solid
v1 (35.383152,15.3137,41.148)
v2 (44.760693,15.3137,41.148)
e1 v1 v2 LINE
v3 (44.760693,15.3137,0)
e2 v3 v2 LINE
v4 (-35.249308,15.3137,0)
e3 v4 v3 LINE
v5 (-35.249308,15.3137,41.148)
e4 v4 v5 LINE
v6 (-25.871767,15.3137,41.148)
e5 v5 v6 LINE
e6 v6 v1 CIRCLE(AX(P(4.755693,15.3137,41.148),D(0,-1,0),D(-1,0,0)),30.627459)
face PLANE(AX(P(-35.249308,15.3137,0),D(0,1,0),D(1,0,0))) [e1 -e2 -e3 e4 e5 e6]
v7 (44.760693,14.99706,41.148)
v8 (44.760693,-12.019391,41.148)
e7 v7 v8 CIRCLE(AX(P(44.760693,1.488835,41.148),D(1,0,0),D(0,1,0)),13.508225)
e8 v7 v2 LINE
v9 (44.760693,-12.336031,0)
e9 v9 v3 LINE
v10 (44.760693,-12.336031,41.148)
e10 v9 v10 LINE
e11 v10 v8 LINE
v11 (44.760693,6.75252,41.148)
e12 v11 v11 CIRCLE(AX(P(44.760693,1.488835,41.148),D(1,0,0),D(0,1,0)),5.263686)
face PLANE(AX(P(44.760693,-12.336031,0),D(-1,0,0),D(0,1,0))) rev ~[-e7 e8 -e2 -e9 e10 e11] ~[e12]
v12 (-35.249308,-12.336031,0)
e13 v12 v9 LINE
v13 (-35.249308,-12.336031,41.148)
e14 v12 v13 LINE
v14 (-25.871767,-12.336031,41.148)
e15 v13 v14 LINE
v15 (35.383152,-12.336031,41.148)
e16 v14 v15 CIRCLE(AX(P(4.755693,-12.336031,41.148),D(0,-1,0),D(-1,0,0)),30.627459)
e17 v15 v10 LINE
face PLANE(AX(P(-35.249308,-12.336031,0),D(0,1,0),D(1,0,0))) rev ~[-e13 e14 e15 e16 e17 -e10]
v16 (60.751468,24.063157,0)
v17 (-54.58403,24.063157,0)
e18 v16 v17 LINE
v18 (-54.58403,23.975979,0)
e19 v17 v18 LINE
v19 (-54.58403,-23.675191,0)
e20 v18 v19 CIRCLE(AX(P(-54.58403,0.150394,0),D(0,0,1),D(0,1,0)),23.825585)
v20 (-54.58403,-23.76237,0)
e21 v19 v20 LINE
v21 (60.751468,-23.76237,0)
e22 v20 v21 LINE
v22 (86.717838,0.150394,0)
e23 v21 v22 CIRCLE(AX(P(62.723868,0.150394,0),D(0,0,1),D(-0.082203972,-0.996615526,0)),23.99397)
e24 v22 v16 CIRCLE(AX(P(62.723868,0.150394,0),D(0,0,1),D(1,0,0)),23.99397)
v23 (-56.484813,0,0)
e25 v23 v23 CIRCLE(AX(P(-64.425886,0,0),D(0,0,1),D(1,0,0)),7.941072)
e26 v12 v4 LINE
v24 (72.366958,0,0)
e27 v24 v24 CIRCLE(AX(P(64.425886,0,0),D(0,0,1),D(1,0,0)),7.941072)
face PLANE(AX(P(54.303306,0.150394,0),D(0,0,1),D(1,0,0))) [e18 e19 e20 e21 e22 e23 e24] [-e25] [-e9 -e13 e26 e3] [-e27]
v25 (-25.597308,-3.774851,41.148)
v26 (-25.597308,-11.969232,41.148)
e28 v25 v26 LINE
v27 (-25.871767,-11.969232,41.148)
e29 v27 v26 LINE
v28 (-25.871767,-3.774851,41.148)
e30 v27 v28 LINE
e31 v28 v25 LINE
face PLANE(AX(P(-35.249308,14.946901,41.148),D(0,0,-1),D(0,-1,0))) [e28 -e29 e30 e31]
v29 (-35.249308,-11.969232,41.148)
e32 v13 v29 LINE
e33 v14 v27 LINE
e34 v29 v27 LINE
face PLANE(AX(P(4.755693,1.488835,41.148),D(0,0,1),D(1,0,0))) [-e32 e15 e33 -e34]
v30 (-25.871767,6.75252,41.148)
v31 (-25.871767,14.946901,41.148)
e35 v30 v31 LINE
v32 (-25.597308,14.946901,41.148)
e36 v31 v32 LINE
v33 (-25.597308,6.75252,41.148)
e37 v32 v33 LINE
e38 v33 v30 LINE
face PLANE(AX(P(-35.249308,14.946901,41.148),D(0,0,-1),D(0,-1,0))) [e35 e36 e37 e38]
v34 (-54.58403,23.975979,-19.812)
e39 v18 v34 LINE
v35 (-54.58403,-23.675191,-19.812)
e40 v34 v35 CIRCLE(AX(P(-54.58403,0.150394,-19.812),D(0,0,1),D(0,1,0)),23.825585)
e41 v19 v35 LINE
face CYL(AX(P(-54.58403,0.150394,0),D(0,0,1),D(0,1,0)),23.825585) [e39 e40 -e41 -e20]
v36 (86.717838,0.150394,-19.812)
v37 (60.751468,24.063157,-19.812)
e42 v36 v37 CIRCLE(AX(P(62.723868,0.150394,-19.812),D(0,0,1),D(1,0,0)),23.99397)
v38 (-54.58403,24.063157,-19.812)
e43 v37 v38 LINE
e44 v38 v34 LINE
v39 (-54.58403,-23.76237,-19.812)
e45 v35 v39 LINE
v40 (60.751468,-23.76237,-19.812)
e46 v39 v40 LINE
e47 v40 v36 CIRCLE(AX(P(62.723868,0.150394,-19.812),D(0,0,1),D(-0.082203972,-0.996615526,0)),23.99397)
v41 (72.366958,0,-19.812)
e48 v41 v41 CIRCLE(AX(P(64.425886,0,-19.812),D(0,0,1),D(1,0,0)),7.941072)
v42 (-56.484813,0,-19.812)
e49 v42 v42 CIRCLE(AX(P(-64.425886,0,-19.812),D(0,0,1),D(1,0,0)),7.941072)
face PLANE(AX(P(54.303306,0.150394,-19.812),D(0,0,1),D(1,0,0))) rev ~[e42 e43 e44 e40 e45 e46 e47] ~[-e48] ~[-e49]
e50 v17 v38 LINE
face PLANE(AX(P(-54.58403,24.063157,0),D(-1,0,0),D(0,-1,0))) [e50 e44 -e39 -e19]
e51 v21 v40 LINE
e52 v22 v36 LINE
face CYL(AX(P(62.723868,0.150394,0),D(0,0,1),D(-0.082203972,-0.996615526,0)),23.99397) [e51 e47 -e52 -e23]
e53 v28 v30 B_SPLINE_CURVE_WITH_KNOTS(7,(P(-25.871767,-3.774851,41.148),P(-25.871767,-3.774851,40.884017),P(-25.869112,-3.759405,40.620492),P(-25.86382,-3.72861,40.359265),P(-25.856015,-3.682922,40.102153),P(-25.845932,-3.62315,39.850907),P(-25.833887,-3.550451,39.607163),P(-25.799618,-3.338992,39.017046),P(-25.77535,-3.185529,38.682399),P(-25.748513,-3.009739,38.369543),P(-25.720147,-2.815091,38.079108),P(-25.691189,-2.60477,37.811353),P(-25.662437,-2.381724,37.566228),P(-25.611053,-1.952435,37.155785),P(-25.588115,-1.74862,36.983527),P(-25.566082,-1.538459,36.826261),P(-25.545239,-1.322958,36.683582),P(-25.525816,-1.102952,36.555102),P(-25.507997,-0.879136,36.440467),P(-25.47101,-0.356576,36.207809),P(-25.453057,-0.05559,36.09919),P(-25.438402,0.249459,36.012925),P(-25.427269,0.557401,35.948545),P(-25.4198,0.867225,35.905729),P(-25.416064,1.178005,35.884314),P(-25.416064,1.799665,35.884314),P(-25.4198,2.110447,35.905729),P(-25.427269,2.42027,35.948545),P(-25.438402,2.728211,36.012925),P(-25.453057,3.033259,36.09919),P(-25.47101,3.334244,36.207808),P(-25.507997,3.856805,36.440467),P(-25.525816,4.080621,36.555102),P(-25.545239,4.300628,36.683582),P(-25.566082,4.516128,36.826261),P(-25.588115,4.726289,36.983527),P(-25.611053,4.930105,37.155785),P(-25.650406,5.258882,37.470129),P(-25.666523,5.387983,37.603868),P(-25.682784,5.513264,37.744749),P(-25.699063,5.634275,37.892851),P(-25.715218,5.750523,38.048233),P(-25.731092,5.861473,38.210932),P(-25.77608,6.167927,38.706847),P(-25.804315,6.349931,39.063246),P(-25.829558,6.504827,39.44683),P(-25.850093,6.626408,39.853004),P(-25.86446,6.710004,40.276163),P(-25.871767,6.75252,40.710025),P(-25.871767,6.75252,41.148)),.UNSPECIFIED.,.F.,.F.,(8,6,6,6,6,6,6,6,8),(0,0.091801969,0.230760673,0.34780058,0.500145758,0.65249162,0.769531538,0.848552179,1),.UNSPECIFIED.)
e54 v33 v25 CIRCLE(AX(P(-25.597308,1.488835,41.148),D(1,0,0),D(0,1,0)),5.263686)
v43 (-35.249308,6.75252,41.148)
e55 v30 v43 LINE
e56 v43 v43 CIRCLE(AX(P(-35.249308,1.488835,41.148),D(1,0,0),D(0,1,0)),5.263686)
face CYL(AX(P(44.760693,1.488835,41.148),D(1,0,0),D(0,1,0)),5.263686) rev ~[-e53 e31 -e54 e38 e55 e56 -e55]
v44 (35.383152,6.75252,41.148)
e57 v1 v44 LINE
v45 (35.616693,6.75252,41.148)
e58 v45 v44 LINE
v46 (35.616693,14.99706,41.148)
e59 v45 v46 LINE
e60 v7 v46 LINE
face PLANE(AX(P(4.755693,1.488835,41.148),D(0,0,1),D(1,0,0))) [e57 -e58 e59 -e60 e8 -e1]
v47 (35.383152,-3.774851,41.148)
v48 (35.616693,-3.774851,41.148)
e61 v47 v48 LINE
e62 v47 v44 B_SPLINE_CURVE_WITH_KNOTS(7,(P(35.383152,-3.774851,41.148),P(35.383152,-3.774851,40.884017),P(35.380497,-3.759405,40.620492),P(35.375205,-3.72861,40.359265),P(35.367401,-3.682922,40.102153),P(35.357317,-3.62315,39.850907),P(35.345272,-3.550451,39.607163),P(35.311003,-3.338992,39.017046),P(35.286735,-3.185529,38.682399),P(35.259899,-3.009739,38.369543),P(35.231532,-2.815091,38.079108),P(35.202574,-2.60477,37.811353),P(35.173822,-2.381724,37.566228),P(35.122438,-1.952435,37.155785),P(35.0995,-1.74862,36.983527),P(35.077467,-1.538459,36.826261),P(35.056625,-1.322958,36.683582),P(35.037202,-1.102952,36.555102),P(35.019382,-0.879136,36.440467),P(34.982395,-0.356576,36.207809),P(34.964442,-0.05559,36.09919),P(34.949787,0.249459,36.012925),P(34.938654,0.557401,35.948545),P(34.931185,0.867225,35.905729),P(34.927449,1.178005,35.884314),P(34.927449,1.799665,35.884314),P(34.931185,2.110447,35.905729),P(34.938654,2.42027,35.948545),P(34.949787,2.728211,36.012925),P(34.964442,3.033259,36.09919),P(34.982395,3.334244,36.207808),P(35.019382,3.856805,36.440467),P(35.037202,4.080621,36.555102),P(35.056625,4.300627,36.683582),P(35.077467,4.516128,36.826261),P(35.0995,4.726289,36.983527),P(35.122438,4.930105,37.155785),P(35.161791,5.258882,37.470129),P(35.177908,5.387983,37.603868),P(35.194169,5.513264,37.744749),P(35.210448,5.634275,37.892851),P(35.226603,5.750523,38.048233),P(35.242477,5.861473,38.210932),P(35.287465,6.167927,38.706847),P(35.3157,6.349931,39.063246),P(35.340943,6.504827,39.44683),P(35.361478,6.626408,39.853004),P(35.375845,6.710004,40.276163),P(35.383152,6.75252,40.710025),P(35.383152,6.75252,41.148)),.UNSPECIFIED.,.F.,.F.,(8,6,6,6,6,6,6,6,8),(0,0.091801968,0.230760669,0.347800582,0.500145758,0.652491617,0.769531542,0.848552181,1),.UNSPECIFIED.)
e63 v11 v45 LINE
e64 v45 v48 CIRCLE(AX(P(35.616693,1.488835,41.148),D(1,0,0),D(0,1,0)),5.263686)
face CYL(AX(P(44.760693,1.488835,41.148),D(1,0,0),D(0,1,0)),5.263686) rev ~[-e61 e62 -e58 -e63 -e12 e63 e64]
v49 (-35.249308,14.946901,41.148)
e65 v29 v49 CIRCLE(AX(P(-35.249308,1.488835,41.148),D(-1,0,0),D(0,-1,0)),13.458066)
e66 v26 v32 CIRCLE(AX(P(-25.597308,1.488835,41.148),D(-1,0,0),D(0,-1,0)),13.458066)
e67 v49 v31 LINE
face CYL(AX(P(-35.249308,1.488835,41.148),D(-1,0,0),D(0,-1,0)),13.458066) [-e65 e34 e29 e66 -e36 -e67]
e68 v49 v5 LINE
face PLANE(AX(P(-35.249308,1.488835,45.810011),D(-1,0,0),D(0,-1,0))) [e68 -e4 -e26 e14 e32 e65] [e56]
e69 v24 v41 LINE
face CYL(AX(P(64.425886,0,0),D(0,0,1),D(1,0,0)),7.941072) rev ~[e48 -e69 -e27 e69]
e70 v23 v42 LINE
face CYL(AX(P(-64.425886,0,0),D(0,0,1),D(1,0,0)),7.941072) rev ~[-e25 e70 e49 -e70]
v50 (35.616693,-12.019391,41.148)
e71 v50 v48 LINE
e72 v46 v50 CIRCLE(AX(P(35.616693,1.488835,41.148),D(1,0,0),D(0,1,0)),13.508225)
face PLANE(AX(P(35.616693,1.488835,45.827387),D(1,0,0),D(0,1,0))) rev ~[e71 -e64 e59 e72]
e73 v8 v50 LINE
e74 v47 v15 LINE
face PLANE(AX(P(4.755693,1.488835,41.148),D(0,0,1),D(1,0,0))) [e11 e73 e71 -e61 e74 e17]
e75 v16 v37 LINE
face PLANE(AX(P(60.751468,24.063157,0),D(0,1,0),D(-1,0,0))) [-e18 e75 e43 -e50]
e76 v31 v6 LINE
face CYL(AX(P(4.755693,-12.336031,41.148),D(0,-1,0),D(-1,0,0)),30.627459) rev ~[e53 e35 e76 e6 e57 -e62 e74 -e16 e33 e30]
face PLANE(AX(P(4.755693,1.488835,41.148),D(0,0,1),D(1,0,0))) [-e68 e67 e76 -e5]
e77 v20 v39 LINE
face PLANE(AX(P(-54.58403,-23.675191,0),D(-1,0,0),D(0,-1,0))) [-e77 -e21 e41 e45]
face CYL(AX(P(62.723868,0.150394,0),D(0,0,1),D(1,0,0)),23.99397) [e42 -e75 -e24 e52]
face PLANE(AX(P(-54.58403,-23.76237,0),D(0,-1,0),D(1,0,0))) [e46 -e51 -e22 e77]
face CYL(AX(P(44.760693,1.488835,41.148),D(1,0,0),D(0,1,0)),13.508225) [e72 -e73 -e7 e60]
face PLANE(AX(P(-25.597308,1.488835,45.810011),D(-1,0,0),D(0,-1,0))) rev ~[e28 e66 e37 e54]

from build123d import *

# Parameters (mm, degrees)
F1_DEPTH  = 19.812
F2_R      = 7.9410723376
F3_DEPTH  = 53.594
F4_DEPTH  = 72.136
F5_W      = 80.0100006163
F5_H      = 27.649730444
F6_DEPTH  = 41.148
F8_DEPTH  = 64.516
F10_DEPTH = 9.652
F12_DEPTH = 9.144
F13_R     = 5.2636855274
F14_DEPTH = 114.046


with BuildPart() as f1:
    # F0 (on Top) → F1 (new body)
    with BuildSketch(Plane.XY):
        with BuildLine():
            Line((62.7238675952, 24.0631569177), (60.7514679523, 24.0631569177))
            ThreePointArc((60.7514679523, 24.0631569177), (38.7298974086, 0.1503936946), (60.7514679523, -23.7623695284))
            Line((60.7514679523, -23.7623695284), (62.7238675952, -23.7623695284))
            Line((62.7238675952, -23.7623695284), (62.7238675952, 24.0631569177))
        make_face()
        with BuildLine():
            Line((60.7514679523, 24.0631569177), (-54.584030062, 24.0631569177))
            Line((-54.584030062, 24.0631569177), (-54.584030062, 23.9759786156))
            ThreePointArc((-54.584030062, 23.9759786156), (-37.7367973986, 16.997626358), (-30.758445141, 0.1503936946))
            ThreePointArc((-30.758445141, 0.1503936946), (-37.7367973986, -16.6968389687), (-54.584030062, -23.6751912263))
            Line((-54.584030062, -23.6751912263), (-54.584030062, -23.7623695284))
            Line((-54.584030062, -23.7623695284), (60.7514679523, -23.7623695284))
            ThreePointArc((60.7514679523, -23.7623695284), (38.7298974086, 0.1503936946), (60.7514679523, 24.0631569177))
        make_face()
        with BuildLine():
            Line((-54.584030062, -23.6751912263), (-54.584030062, 23.9759786156))
            ThreePointArc((-54.584030062, 23.9759786156), (-78.4096149829, 0.1503936946), (-54.584030062, -23.6751912263))
        make_face()
        with BuildLine():
            ThreePointArc((86.7178377817, 0.1503936946), (78.9778656739, 17.8002705149), (60.7514679523, 24.0631569177))
            Line((60.7514679523, 24.0631569177), (62.7238675952, 24.0631569177))
            Line((62.7238675952, 24.0631569177), (62.7238675952, -23.7623695284))
            Line((62.7238675952, -23.7623695284), (60.7514679523, -23.7623695284))
            ThreePointArc((60.7514679523, -23.7623695284), (78.9778656739, -17.4994831256), (86.7178377817, 0.1503936946))
        make_face()
        with BuildLine():
            ThreePointArc((-30.758445141, 0.1503936946), (-37.7367973986, 16.997626358), (-54.584030062, 23.9759786156))
            Line((-54.584030062, 23.9759786156), (-54.584030062, -23.6751912263))
            ThreePointArc((-54.584030062, -23.6751912263), (-37.7367973986, -16.6968389687), (-30.758445141, 0.1503936946))
        make_face()
    extrude(amount=-F1_DEPTH)

    # F2 (on face) → F3 (cut)
    with BuildSketch(Plane.XY):
        with Locations((-64.4258856773, 0)):
            Circle(F2_R)
    extrude(amount=-F3_DEPTH, mode=Mode.SUBTRACT)

    # F2 (on face) → F4 (cut)
    with BuildSketch(Plane.XY):
        with Locations((-64.4258856773, 0)):
            Circle(F2_R)
        with Locations((64.4258856773, 0)):
            Circle(F2_R)
    extrude(amount=-F4_DEPTH, mode=Mode.SUBTRACT)

    # F5 (on face) → F6 (join)
    with BuildSketch(Plane.XY):
        with Locations((4.7556925565, 1.4888346195)):
            Rectangle(F5_W, F5_H)
    extrude(amount=F6_DEPTH)

    # F7 (on face) → F8 (cut)
    with BuildSketch(Plane.XZ.offset(12.3360306025)):
        with BuildLine():
            Line((-25.8717667552, 41.148), (35.3831518682, 41.148))
            ThreePointArc((35.3831518682, 41.148), (4.7556925565, 71.7754593117), (-25.8717667552, 41.148))
        make_face()
        with BuildLine():
            ThreePointArc((-25.8717667552, 41.148), (4.7556925565, 10.5205406883), (35.3831518682, 41.148))
            Line((35.3831518682, 41.148), (-25.8717667552, 41.148))
        make_face()
    extrude(amount=-F8_DEPTH, mode=Mode.SUBTRACT)

    # F9 (on face) → F10 (join)
    with BuildSketch(Plane(origin=(-35.2493077517, 0, 0), x_dir=(0, -1, 0), z_dir=(-1, 0, 0))):
        with BuildLine():
            Line((-14.9469008146, 41.148), (11.9692315755, 41.148))
            ThreePointArc((11.9692315755, 41.148), (-1.4888346195, 54.606066195), (-14.9469008146, 41.148))
        make_face()
    extrude(amount=-F10_DEPTH)

    # F11 (on face) → F12 (join)
    with BuildSketch(Plane.YZ.offset(44.7606928647)):
        with BuildLine():
            Line((-12.0193907988, 41.148), (14.9970600378, 41.148))
            ThreePointArc((14.9970600378, 41.148), (1.4888346195, 54.6562254183), (-12.0193907988, 41.148))
        make_face()
    extrude(amount=-F12_DEPTH)

    # F13 (on face) → F14 (cut)
    with BuildSketch(Plane.YZ.offset(44.7606928647)):
        with Locations((1.4888346195, 41.148)):
            Circle(F13_R)
    extrude(amount=-F14_DEPTH, mode=Mode.SUBTRACT)


solid = f1.part
